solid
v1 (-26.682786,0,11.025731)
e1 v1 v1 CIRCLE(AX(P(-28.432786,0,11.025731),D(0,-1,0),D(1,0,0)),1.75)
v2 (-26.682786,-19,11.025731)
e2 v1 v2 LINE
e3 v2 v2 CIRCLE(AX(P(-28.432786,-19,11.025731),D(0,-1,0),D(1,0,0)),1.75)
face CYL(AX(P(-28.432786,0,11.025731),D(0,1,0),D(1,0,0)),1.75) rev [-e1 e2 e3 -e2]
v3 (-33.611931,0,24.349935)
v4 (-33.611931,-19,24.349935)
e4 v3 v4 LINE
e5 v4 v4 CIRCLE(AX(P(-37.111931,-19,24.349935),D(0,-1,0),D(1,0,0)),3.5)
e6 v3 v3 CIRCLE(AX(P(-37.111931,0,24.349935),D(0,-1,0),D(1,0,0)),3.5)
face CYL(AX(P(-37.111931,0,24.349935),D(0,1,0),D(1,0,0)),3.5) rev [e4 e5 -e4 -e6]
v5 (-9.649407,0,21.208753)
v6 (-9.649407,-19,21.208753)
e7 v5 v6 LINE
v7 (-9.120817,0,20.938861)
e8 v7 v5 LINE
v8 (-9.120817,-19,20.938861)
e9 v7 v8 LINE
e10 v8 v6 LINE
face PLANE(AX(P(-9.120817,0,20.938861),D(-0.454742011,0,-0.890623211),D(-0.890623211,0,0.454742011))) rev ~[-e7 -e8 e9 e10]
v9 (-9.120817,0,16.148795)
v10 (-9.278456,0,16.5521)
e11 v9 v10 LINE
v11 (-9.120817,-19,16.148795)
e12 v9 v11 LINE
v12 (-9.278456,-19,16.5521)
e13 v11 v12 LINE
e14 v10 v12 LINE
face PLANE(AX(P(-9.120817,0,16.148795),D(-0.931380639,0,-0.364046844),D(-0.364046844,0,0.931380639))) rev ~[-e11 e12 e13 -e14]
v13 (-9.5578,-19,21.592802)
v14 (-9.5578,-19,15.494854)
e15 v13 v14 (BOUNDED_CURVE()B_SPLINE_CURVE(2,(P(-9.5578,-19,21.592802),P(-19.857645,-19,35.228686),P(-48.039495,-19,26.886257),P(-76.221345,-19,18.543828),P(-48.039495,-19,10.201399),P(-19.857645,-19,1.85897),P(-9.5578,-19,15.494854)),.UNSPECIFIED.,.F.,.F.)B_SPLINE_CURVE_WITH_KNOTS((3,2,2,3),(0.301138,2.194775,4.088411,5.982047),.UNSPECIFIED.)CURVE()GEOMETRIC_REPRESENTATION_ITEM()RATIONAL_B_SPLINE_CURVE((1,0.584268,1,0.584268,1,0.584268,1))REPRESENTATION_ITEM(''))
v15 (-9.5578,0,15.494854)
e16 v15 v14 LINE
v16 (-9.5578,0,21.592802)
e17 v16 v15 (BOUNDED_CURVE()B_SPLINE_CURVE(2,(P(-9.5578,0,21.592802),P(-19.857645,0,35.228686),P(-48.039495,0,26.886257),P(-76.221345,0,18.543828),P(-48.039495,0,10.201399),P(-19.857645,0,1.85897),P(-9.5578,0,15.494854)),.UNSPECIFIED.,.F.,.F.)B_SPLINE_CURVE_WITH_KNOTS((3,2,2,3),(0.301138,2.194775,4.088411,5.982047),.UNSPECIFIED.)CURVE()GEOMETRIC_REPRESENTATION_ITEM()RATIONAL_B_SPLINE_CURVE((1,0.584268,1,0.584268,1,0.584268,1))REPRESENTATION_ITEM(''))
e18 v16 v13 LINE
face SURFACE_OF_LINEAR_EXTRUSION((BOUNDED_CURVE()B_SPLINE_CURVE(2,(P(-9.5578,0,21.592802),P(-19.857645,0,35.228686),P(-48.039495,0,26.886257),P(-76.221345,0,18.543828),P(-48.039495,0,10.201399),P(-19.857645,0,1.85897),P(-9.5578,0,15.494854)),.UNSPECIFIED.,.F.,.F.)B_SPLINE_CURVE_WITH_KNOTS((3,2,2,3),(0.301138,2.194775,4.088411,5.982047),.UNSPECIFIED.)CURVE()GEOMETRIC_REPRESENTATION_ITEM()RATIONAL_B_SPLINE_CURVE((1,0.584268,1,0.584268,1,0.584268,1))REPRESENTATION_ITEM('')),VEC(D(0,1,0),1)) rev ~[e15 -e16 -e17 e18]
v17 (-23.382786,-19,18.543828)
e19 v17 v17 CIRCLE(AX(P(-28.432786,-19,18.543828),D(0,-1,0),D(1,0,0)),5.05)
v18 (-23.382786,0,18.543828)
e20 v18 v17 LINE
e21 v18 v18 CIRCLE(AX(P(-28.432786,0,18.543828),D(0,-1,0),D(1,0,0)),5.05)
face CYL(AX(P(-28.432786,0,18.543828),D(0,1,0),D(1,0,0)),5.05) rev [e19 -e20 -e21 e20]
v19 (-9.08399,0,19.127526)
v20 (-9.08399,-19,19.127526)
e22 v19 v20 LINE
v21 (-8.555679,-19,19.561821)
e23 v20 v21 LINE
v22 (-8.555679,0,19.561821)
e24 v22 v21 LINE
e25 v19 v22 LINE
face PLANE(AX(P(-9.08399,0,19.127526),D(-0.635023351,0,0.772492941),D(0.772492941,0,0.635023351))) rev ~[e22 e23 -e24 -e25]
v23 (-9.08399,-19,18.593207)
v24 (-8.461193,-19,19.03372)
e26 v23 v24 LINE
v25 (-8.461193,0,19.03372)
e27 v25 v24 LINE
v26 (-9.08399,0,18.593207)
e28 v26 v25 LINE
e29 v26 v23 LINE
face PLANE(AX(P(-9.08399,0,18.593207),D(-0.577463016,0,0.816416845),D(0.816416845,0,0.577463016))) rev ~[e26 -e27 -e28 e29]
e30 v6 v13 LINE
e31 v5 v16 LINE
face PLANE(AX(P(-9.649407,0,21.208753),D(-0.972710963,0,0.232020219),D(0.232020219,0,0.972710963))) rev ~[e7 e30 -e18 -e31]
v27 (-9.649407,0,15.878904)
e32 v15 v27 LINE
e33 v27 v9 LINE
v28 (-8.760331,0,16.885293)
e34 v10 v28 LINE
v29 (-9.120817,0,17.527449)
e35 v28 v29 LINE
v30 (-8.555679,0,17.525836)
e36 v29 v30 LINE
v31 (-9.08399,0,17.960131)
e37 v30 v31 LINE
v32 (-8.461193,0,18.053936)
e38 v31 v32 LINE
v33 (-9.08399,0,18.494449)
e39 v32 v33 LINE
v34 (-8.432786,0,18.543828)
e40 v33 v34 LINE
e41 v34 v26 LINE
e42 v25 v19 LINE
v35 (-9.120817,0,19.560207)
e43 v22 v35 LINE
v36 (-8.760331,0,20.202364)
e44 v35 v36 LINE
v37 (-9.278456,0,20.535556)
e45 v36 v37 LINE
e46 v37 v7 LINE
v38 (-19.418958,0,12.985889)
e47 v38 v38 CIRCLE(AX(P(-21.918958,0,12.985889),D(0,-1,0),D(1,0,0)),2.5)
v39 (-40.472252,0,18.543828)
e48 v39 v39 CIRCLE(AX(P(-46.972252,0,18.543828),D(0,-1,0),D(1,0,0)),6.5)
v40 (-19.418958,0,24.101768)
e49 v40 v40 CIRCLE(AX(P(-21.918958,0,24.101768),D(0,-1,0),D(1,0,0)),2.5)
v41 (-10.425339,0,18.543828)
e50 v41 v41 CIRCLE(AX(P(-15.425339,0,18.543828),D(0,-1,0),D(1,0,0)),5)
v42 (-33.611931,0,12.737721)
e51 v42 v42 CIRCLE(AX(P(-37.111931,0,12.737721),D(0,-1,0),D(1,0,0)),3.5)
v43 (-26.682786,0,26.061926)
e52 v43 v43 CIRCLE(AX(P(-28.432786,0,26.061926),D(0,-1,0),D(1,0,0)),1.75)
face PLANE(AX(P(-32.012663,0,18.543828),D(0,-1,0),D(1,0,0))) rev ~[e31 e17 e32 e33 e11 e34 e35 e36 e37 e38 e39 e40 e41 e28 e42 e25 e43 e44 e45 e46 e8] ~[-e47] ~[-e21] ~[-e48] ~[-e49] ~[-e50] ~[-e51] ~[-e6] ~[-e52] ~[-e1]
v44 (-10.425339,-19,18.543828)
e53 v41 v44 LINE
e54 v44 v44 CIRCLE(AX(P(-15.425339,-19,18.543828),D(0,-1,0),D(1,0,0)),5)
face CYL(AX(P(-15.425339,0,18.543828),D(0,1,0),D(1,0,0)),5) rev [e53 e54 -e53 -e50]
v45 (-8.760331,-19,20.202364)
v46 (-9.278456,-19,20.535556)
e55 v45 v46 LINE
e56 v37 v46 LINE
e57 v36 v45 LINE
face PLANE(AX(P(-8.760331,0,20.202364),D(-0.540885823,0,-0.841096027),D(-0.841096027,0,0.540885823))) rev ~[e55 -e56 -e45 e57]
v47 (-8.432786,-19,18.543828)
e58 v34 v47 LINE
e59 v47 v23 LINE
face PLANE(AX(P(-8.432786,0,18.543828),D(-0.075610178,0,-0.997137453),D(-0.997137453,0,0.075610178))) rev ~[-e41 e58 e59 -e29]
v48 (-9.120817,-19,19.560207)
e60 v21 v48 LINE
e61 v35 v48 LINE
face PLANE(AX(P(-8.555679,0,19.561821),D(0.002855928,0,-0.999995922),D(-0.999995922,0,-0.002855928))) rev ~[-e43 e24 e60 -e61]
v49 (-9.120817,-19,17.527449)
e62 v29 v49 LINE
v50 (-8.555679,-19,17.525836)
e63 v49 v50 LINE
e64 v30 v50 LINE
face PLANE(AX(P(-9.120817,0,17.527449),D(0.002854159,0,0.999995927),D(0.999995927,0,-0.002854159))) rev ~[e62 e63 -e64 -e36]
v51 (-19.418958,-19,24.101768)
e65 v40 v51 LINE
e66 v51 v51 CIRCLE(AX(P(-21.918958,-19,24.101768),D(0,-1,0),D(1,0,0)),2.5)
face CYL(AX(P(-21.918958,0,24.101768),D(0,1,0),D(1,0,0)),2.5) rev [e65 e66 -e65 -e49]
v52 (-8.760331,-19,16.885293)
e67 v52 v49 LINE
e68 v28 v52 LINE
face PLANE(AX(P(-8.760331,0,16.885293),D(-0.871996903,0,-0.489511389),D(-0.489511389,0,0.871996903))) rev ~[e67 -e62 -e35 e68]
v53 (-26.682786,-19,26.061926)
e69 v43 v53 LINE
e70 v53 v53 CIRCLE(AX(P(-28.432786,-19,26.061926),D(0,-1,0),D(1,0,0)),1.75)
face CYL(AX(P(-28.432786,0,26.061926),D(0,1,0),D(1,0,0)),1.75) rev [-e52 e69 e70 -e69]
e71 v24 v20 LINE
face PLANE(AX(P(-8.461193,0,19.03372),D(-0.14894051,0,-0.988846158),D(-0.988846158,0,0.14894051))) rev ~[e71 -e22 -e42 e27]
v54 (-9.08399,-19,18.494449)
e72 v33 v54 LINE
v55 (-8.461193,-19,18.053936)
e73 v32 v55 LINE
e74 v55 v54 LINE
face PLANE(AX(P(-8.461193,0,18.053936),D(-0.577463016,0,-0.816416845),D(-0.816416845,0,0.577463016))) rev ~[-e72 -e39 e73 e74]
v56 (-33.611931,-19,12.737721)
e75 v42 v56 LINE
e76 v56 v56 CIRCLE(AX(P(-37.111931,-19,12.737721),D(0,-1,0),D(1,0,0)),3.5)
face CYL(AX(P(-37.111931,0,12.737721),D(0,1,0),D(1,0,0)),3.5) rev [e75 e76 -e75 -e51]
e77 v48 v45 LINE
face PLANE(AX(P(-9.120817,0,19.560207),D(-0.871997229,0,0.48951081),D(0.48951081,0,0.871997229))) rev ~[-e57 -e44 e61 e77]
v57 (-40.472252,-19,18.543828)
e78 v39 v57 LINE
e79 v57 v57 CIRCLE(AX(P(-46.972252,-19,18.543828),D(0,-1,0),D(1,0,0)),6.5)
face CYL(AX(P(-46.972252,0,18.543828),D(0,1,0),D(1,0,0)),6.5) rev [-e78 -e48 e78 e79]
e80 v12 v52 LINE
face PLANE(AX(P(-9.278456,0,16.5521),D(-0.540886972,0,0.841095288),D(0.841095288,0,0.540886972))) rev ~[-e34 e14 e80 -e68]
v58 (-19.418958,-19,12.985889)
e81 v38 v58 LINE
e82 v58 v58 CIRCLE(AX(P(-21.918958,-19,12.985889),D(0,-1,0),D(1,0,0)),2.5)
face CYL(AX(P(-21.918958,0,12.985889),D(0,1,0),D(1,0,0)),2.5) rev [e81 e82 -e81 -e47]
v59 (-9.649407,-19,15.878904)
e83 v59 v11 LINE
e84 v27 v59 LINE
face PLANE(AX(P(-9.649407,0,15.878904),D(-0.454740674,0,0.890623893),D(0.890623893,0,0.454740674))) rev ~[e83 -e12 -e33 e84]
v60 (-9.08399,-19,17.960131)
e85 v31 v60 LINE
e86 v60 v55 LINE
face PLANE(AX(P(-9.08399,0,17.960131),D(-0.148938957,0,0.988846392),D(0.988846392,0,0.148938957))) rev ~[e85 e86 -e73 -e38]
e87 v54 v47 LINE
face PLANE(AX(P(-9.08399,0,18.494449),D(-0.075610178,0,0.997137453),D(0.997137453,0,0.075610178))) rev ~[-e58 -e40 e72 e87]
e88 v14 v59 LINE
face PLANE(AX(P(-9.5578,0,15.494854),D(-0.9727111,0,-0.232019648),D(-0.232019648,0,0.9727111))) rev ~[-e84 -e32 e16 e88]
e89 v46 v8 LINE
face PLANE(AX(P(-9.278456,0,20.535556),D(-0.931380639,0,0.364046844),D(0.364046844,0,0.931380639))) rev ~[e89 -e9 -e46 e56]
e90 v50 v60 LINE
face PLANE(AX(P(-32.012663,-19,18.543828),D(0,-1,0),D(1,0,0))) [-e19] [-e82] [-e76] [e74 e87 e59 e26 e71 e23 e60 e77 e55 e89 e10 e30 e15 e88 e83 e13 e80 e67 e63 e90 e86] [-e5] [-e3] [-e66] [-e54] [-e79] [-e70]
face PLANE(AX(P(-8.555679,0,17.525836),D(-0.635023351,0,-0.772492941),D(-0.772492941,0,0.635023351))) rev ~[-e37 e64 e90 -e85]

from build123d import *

# Parameters (mm, degrees)
F0_R     = 3.5
F0_R_2   = 1.75
F0_R_3   = 2.5
F0_R_4   = 6.5
F0_R_5   = 5.05
F0_R_6   = 5
F1_DEPTH = 19


with BuildPart() as f1:
    # F0 (on Front) → F1 (new body)
    with BuildSketch(Plane.XZ):
        with BuildLine():
            Line((-9.08399, 18.494449), (-8.432786, 18.543828))
            Line((-8.432786, 18.543828), (-9.08399, 18.593207))
            Line((-9.08399, 18.593207), (-8.461193, 19.03372))
            Line((-8.461193, 19.03372), (-9.08399, 19.127526))
            Line((-9.08399, 19.127526), (-8.555679, 19.561821))
            Line((-8.555679, 19.561821), (-9.120817, 19.560207))
            Line((-9.120817, 19.560207), (-8.760331, 20.202364))
            Line((-8.760331, 20.202364), (-9.278456, 20.535556))
            Line((-9.278456, 20.535556), (-9.120817, 20.938861))
            Line((-9.120817, 20.938861), (-9.649407, 21.208753))
            Line((-9.649407, 21.208753), (-9.5578, 21.592802))
            add(Edge.make_bspline(
                [(-9.5578, 21.592802), (-19.857645, 35.228686), (-48.039495, 26.886257), (-76.221345, 18.543828), (-48.039495, 10.201399), (-19.857645, 1.85897), (-9.5578, 15.494854)],
                knots=[0.301138, 0.301138, 0.301138, 2.194775, 2.194775, 4.088411, 4.088411, 5.982047, 5.982047, 5.982047], degree=2, weights=[1, 0.584268, 1, 0.584268, 1, 0.584268, 1]))
            Line((-9.5578, 15.494854), (-9.649407, 15.878904))
            Line((-9.649407, 15.878904), (-9.120817, 16.148795))
            Line((-9.120817, 16.148795), (-9.278456, 16.5521))
            Line((-9.278456, 16.5521), (-8.760331, 16.885293))
            Line((-8.760331, 16.885293), (-9.120817, 17.527449))
            Line((-9.120817, 17.527449), (-8.555679, 17.525836))
            Line((-8.555679, 17.525836), (-9.08399, 17.960131))
            Line((-9.08399, 17.960131), (-8.461193, 18.053936))
            Line((-8.461193, 18.053936), (-9.08399, 18.494449))
        make_face()
        with Locations((-37.111931, 12.737721)):
            Circle(F0_R, mode=Mode.SUBTRACT)
        with Locations((-28.432786, 11.025731)):
            Circle(F0_R_2, mode=Mode.SUBTRACT)
        with Locations((-21.918958, 12.985889)):
            Circle(F0_R_3, mode=Mode.SUBTRACT)
        with Locations((-46.972252, 18.543828)):
            Circle(F0_R_4, mode=Mode.SUBTRACT)
        with Locations((-37.111931, 24.349935)):
            Circle(F0_R, mode=Mode.SUBTRACT)
        with Locations((-28.432786, 18.543828)):
            Circle(F0_R_5, mode=Mode.SUBTRACT)
        with Locations((-15.425339, 18.543828)):
            Circle(F0_R_6, mode=Mode.SUBTRACT)
        with Locations((-28.432786, 26.061926)):
            Circle(F0_R_2, mode=Mode.SUBTRACT)
        with Locations((-21.918958, 24.101768)):
            Circle(F0_R_3, mode=Mode.SUBTRACT)
    extrude(amount=F1_DEPTH)


solid = f1.part
